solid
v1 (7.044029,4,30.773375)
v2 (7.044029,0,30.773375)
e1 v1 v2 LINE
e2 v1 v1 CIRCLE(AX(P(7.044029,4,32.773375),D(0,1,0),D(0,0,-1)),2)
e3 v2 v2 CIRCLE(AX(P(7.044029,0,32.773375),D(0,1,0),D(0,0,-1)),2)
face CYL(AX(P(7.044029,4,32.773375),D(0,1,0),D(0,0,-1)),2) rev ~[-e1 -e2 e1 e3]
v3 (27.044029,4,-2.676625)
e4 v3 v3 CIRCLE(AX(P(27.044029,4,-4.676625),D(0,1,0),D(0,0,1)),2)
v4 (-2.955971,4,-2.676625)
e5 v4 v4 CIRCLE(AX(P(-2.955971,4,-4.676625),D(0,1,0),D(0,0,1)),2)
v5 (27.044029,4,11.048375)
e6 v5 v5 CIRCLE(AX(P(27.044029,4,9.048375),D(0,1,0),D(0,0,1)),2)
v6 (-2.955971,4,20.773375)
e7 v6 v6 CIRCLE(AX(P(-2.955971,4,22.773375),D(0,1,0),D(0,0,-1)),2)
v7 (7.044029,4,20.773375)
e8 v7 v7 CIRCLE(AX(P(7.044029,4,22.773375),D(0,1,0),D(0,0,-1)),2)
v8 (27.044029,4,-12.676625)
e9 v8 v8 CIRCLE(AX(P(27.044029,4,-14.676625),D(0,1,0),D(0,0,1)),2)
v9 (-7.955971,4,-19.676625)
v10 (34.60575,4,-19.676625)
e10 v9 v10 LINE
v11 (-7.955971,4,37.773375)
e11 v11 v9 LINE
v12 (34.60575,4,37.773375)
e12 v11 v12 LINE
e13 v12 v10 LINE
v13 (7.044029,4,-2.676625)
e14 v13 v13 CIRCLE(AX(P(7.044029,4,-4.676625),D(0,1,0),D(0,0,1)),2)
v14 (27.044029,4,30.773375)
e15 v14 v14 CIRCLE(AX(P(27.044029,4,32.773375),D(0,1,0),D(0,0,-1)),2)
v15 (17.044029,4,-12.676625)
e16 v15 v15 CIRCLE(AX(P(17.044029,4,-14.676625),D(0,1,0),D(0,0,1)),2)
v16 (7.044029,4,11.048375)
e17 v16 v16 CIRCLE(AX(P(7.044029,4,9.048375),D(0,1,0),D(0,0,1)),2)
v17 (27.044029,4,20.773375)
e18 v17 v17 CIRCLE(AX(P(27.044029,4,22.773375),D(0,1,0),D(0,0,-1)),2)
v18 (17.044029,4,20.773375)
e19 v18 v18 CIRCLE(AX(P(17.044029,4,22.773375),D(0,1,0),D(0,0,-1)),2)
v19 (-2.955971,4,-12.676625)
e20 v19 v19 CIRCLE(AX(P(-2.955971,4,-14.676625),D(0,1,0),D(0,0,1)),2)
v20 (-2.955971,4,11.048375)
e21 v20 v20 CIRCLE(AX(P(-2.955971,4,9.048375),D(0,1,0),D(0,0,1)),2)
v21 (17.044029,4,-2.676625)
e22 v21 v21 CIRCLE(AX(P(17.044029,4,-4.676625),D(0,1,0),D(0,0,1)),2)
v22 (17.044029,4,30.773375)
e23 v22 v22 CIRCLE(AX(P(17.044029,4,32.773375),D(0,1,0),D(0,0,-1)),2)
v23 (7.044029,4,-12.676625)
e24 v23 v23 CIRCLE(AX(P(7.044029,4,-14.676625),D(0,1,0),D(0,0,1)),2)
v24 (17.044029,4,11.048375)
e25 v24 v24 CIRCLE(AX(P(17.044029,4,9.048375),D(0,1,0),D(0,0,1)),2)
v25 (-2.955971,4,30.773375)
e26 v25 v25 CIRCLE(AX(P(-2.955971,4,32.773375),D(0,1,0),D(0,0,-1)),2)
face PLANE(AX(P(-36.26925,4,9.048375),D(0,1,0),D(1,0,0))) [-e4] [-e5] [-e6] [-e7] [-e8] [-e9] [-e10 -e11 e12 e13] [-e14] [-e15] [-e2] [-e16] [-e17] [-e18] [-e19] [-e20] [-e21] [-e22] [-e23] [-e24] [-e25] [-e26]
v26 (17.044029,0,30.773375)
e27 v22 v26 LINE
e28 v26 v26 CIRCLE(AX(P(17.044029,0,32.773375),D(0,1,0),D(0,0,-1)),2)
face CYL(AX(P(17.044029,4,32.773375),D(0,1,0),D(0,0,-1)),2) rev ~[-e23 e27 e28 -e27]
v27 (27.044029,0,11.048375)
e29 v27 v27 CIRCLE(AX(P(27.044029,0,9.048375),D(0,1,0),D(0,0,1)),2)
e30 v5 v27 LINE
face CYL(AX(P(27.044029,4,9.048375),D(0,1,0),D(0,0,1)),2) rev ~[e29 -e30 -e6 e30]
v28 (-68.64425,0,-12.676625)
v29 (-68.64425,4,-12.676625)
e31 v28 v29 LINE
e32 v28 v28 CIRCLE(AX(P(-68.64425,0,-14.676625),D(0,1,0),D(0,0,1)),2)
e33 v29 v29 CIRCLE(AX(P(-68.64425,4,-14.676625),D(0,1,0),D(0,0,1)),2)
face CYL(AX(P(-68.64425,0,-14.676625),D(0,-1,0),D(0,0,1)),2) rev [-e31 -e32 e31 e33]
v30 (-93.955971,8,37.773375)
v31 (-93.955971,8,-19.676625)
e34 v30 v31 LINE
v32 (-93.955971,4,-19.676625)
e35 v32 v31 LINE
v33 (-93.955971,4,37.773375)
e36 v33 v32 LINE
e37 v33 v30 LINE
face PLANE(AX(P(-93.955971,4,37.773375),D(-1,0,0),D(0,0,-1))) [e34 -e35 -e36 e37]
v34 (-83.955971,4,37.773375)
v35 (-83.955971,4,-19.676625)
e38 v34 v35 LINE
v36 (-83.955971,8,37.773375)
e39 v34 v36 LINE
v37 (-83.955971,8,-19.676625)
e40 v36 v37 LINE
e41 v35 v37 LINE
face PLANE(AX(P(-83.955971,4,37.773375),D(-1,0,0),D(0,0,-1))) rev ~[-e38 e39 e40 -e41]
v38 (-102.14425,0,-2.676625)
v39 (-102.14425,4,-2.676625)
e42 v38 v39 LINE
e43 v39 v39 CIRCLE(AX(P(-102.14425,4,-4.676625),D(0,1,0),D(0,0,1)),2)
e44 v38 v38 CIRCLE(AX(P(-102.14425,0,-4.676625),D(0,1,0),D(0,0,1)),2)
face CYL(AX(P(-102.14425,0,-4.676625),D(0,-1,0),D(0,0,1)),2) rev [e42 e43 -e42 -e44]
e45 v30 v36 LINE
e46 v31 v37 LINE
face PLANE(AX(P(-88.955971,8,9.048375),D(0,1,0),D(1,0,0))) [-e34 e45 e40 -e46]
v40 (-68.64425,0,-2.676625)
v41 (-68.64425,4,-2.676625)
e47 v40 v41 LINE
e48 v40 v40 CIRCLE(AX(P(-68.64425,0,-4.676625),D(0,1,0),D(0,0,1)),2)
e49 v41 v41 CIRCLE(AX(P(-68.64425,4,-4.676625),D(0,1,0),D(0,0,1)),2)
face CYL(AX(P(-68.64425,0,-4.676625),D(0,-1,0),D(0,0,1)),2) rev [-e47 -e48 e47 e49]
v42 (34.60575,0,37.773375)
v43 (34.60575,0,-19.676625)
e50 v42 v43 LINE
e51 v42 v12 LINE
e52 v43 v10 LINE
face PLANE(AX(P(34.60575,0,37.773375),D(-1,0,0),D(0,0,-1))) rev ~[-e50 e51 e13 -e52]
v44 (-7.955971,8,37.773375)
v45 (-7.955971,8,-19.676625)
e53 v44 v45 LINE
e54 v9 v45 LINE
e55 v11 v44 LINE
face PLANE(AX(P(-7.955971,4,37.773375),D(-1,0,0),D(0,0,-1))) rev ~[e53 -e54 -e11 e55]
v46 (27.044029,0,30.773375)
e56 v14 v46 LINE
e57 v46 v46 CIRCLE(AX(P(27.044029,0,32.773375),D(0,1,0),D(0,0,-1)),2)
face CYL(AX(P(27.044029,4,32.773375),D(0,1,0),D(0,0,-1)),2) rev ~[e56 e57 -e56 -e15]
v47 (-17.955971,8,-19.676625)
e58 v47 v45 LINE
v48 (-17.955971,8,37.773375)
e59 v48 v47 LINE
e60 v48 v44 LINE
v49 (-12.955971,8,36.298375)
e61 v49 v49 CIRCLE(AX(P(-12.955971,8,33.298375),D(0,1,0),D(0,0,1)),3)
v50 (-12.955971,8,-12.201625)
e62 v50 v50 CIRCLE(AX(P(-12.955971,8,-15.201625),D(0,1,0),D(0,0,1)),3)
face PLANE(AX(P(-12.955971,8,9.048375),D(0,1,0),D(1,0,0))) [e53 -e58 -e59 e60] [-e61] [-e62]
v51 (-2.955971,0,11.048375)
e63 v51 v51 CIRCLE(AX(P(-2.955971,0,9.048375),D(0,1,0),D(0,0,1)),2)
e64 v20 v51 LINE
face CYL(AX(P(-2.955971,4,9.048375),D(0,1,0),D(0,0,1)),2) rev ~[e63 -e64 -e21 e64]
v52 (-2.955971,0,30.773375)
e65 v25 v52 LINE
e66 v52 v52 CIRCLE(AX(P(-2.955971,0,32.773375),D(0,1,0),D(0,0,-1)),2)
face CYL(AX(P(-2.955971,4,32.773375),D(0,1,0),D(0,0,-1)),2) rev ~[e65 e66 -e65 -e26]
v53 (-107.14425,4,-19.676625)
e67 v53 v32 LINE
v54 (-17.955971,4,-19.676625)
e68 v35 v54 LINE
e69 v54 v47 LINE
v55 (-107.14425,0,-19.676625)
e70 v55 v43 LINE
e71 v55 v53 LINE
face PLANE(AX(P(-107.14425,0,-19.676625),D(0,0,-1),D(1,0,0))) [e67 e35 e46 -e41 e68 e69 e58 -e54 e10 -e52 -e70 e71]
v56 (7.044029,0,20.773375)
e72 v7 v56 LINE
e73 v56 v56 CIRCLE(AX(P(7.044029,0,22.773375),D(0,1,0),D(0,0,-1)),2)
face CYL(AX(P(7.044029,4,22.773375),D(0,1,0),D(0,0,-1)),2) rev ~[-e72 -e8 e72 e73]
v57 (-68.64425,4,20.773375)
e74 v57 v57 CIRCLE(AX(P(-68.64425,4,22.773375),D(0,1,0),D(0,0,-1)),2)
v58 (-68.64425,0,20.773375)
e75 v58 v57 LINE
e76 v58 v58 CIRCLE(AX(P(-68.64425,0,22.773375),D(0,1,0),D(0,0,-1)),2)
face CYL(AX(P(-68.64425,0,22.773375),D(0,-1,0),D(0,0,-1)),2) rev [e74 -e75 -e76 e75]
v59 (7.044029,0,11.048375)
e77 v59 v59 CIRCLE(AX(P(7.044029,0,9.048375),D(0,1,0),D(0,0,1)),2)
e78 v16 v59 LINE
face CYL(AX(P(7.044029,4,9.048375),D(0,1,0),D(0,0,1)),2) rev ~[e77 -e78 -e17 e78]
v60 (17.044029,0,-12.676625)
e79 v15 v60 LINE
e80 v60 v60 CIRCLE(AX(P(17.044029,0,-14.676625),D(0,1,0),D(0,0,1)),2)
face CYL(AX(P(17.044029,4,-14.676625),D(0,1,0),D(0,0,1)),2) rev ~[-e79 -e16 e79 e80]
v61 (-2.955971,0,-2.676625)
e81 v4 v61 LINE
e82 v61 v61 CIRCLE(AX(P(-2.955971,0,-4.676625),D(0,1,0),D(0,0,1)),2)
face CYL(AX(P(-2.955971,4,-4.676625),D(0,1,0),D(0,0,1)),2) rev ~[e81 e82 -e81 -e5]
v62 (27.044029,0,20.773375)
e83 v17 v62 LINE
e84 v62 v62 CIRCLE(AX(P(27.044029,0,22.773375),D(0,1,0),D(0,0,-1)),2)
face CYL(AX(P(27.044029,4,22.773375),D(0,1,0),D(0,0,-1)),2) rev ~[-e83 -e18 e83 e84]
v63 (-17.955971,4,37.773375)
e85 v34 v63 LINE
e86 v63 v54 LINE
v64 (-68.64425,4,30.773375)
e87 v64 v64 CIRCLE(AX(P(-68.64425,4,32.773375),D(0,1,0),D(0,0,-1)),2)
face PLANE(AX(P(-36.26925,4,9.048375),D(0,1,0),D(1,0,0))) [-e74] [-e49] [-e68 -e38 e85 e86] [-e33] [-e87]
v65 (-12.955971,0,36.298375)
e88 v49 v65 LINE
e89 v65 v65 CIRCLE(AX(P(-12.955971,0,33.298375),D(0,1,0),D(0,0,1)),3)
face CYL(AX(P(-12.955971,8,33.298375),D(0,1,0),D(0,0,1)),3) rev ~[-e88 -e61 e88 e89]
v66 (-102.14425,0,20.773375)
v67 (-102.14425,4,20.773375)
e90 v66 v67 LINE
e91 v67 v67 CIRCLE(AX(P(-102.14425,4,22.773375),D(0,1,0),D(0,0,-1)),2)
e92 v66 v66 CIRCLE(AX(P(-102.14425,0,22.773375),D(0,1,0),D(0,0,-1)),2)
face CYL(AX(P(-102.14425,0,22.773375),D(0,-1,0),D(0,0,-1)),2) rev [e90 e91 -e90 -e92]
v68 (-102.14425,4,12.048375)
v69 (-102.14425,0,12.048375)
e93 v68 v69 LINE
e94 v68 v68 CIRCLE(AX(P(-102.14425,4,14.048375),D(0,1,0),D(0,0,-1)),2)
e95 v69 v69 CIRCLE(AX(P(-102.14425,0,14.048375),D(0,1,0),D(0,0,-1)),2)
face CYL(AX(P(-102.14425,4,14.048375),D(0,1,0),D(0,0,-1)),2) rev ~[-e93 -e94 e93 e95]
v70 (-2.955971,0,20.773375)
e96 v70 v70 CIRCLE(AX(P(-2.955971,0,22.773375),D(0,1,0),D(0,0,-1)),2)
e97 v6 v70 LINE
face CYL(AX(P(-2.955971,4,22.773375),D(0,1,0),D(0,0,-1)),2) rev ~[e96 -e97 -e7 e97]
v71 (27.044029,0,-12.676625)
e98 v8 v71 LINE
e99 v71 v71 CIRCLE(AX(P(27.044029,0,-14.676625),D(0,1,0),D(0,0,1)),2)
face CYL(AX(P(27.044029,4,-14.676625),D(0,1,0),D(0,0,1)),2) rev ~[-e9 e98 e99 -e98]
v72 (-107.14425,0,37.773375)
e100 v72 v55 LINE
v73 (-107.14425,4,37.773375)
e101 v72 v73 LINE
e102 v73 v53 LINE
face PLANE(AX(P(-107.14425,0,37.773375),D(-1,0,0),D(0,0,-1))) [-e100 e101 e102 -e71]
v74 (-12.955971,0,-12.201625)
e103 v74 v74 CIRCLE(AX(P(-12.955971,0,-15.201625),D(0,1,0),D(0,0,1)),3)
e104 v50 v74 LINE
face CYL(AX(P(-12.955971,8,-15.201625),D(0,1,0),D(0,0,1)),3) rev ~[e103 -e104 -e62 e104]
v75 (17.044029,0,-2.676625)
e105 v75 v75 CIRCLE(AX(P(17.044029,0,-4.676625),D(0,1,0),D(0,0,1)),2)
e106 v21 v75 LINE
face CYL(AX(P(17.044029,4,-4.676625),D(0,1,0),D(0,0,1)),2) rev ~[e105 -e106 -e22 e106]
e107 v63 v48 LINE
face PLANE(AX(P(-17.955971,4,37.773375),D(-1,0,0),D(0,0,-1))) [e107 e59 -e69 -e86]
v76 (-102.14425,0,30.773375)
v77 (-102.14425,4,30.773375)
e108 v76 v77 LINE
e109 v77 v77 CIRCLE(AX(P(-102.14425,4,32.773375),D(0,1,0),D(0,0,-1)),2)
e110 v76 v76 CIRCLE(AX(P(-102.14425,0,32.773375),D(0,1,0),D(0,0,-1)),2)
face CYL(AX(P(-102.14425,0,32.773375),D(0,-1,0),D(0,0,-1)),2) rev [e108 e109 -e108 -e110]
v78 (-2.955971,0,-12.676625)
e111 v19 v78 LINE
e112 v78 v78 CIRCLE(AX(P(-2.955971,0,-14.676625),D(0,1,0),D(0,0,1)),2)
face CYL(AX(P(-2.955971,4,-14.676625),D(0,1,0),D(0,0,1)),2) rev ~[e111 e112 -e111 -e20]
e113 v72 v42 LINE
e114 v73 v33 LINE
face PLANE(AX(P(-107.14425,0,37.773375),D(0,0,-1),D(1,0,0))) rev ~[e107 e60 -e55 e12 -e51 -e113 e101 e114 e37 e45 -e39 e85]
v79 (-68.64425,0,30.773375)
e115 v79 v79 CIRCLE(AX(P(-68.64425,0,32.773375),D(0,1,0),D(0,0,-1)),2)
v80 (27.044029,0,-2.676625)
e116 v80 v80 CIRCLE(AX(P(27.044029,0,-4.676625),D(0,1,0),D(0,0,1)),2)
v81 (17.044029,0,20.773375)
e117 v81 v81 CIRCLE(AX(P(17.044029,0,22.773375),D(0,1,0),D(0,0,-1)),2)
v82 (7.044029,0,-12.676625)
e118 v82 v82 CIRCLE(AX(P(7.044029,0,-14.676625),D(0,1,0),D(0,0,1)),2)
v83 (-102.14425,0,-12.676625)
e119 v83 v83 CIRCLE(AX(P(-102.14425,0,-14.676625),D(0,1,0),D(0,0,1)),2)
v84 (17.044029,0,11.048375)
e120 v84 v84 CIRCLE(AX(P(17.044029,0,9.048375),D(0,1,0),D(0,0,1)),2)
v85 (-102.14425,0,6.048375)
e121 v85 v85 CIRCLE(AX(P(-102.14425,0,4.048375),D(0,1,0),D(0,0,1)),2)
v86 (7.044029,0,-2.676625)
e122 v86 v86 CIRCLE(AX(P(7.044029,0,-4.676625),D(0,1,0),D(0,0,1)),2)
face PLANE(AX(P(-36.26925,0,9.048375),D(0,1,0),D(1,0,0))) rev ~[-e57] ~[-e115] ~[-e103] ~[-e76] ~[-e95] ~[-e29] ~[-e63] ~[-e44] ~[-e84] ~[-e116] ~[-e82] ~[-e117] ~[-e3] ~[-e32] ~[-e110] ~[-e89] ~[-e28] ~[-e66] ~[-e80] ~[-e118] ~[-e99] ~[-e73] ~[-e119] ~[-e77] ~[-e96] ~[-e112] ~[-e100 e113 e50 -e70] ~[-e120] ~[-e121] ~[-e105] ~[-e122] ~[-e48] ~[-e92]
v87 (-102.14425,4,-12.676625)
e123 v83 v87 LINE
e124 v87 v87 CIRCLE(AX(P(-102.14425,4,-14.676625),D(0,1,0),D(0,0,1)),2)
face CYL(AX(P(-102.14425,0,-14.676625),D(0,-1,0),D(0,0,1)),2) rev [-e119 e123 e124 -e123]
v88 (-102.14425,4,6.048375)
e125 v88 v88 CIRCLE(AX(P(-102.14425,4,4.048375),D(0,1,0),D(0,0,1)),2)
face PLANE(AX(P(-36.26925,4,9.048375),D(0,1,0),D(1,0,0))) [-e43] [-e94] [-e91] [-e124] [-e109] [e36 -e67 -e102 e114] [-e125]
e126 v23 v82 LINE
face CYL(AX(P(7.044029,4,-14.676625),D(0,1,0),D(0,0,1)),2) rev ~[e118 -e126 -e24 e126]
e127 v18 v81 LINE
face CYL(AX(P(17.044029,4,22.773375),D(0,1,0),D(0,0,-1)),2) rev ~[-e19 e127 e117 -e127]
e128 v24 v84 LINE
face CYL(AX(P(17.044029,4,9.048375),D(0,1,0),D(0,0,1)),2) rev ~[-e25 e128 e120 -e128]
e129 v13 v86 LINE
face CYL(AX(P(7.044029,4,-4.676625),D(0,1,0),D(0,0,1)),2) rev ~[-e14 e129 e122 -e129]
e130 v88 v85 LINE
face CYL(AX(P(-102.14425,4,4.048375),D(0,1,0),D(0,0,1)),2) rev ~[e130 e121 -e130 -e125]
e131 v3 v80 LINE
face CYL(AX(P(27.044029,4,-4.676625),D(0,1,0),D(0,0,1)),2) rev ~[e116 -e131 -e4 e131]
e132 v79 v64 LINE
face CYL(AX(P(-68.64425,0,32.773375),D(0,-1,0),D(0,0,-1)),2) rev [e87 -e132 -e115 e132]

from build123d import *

# Parameters (mm, degrees)
SKETCH1_W          = 141.75
SKETCH1_H          = 57.45
SKETCH1_R          = 2
PLATE2BASE_DEPTH   = 4
SKETCH3_W          = 10
SKETCH3_H          = 57.45
PIBASE_DEPTH       = 4
SKETCH4_R          = 3
PIMOUNT_DEPTH      = 22
SKETCH5_R          = 2
CUT_EXTRUDE2_DEPTH = 4
SKETCH6_R          = 2
CAMMOUNT_DEPTH     = 4


with BuildPart() as part:
    # Sketch1 → Plate2BAse (new body)
    with BuildSketch(Plane(origin=(0, 0, 0), x_dir=(1, 0, 0), z_dir=(0, 1, 0))):
        with Locations((-36.26925, -9.048375)):
            Rectangle(SKETCH1_W, SKETCH1_H)
        with Locations(Location((-102.14425, 14.676625, 0), (0, 0, 270))):
            Circle(SKETCH1_R, mode=Mode.SUBTRACT)
        with Locations(Location((-68.64425, 14.676625, 0), (0, 0, 270))):
            Circle(SKETCH1_R, mode=Mode.SUBTRACT)
        with Locations(Location((-68.64425, 4.676625, 0), (0, 0, 270))):
            Circle(SKETCH1_R, mode=Mode.SUBTRACT)
        with Locations(Location((-102.14425, 4.676625, 0), (0, 0, 270))):
            Circle(SKETCH1_R, mode=Mode.SUBTRACT)
        with Locations(Location((-102.14425, -22.773375, 0), (0, 0, 90))):
            Circle(SKETCH1_R, mode=Mode.SUBTRACT)
        with Locations(Location((-68.64425, -32.773375, 0), (0, 0, 90))):
            Circle(SKETCH1_R, mode=Mode.SUBTRACT)
        with Locations(Location((-68.64425, -22.773375, 0), (0, 0, 90))):
            Circle(SKETCH1_R, mode=Mode.SUBTRACT)
        with Locations(Location((-102.14425, -32.773375, 0), (0, 0, 90))):
            Circle(SKETCH1_R, mode=Mode.SUBTRACT)
    extrude(amount=PLATE2BASE_DEPTH)

    # Sketch3 → PiBase (add)
    with BuildSketch(Plane(origin=(0, 4, 0), x_dir=(1, 0, 0), z_dir=(0, 1, 0))):
        with Locations((-88.955971023, -9.048375)):
            Rectangle(SKETCH3_W, SKETCH3_H)
        with Locations((-12.955971023, -9.048375)):
            Rectangle(SKETCH3_W, SKETCH3_H)
    extrude(amount=PIBASE_DEPTH)

    # Sketch4 → PiMount (cut)
    with BuildSketch(Plane(origin=(0, 8, 0), x_dir=(1, 0, 0), z_dir=(0, 1, 0))):
        with Locations(Location((-12.955971023, 15.201625, 0), (0, 0, 270))):
            Circle(SKETCH4_R)
        with Locations(Location((-12.955971023, -33.298375, 0), (0, 0, 270))):
            Circle(SKETCH4_R)
    extrude(amount=-PIMOUNT_DEPTH, mode=Mode.SUBTRACT)

    # Sketch5 → Cut-Extrude2 (cut)
    with BuildSketch(Plane(origin=(0, 4, 0), x_dir=(1, 0, 0), z_dir=(0, 1, 0))):
        with Locations(Location((-2.955971023, 14.676625, 0), (0, 0, 270))):
            Circle(SKETCH5_R)
        with Locations(Location((7.044028977, 14.676625, 0), (0, 0, 270))):
            Circle(SKETCH5_R)
        with Locations(Location((17.044028977, 14.676625, 0), (0, 0, 270))):
            Circle(SKETCH5_R)
        with Locations(Location((27.044028977, 14.676625, 0), (0, 0, 270))):
            Circle(SKETCH5_R)
        with Locations(Location((7.044028977, 4.676625, 0), (0, 0, 270))):
            Circle(SKETCH5_R)
        with Locations(Location((17.044028977, 4.676625, 0), (0, 0, 270))):
            Circle(SKETCH5_R)
        with Locations(Location((27.044028977, 4.676625, 0), (0, 0, 270))):
            Circle(SKETCH5_R)
        with Locations(Location((-2.955971023, 4.676625, 0), (0, 0, 270))):
            Circle(SKETCH5_R)
        with Locations(Location((-2.955971023, -22.773375, 0), (0, 0, 90))):
            Circle(SKETCH5_R)
        with Locations(Location((27.044028977, -22.773375, 0), (0, 0, 90))):
            Circle(SKETCH5_R)
        with Locations(Location((17.044028977, -22.773375, 0), (0, 0, 90))):
            Circle(SKETCH5_R)
        with Locations(Location((7.044028977, -22.773375, 0), (0, 0, 90))):
            Circle(SKETCH5_R)
        with Locations(Location((27.044028977, -32.773375, 0), (0, 0, 90))):
            Circle(SKETCH5_R)
        with Locations(Location((17.044028977, -32.773375, 0), (0, 0, 90))):
            Circle(SKETCH5_R)
        with Locations(Location((7.044028977, -32.773375, 0), (0, 0, 90))):
            Circle(SKETCH5_R)
        with Locations(Location((-2.955971023, -32.773375, 0), (0, 0, 90))):
            Circle(SKETCH5_R)
        with Locations(Location((-2.955971023, -9.048375, 0), (0, 0, 270))):
            Circle(SKETCH5_R)
        with Locations(Location((7.044028977, -9.048375, 0), (0, 0, 270))):
            Circle(SKETCH5_R)
        with Locations(Location((17.044028977, -9.048375, 0), (0, 0, 270))):
            Circle(SKETCH5_R)
        with Locations(Location((27.044028977, -9.048375, 0), (0, 0, 270))):
            Circle(SKETCH5_R)
    extrude(amount=-CUT_EXTRUDE2_DEPTH, mode=Mode.SUBTRACT)

    # Sketch6 → CamMount (cut)
    with BuildSketch(Plane(origin=(0, 4, 0), x_dir=(1, 0, 0), z_dir=(0, 1, 0))):
        with Locations(Location((-102.14425, -4.048375, 0), (0, 0, 270))):
            Circle(SKETCH6_R)
        with Locations(Location((-102.14425, -14.048375, 0), (0, 0, 90))):
            Circle(SKETCH6_R)
    extrude(amount=-CAMMOUNT_DEPTH, mode=Mode.SUBTRACT)


solid = part.part
